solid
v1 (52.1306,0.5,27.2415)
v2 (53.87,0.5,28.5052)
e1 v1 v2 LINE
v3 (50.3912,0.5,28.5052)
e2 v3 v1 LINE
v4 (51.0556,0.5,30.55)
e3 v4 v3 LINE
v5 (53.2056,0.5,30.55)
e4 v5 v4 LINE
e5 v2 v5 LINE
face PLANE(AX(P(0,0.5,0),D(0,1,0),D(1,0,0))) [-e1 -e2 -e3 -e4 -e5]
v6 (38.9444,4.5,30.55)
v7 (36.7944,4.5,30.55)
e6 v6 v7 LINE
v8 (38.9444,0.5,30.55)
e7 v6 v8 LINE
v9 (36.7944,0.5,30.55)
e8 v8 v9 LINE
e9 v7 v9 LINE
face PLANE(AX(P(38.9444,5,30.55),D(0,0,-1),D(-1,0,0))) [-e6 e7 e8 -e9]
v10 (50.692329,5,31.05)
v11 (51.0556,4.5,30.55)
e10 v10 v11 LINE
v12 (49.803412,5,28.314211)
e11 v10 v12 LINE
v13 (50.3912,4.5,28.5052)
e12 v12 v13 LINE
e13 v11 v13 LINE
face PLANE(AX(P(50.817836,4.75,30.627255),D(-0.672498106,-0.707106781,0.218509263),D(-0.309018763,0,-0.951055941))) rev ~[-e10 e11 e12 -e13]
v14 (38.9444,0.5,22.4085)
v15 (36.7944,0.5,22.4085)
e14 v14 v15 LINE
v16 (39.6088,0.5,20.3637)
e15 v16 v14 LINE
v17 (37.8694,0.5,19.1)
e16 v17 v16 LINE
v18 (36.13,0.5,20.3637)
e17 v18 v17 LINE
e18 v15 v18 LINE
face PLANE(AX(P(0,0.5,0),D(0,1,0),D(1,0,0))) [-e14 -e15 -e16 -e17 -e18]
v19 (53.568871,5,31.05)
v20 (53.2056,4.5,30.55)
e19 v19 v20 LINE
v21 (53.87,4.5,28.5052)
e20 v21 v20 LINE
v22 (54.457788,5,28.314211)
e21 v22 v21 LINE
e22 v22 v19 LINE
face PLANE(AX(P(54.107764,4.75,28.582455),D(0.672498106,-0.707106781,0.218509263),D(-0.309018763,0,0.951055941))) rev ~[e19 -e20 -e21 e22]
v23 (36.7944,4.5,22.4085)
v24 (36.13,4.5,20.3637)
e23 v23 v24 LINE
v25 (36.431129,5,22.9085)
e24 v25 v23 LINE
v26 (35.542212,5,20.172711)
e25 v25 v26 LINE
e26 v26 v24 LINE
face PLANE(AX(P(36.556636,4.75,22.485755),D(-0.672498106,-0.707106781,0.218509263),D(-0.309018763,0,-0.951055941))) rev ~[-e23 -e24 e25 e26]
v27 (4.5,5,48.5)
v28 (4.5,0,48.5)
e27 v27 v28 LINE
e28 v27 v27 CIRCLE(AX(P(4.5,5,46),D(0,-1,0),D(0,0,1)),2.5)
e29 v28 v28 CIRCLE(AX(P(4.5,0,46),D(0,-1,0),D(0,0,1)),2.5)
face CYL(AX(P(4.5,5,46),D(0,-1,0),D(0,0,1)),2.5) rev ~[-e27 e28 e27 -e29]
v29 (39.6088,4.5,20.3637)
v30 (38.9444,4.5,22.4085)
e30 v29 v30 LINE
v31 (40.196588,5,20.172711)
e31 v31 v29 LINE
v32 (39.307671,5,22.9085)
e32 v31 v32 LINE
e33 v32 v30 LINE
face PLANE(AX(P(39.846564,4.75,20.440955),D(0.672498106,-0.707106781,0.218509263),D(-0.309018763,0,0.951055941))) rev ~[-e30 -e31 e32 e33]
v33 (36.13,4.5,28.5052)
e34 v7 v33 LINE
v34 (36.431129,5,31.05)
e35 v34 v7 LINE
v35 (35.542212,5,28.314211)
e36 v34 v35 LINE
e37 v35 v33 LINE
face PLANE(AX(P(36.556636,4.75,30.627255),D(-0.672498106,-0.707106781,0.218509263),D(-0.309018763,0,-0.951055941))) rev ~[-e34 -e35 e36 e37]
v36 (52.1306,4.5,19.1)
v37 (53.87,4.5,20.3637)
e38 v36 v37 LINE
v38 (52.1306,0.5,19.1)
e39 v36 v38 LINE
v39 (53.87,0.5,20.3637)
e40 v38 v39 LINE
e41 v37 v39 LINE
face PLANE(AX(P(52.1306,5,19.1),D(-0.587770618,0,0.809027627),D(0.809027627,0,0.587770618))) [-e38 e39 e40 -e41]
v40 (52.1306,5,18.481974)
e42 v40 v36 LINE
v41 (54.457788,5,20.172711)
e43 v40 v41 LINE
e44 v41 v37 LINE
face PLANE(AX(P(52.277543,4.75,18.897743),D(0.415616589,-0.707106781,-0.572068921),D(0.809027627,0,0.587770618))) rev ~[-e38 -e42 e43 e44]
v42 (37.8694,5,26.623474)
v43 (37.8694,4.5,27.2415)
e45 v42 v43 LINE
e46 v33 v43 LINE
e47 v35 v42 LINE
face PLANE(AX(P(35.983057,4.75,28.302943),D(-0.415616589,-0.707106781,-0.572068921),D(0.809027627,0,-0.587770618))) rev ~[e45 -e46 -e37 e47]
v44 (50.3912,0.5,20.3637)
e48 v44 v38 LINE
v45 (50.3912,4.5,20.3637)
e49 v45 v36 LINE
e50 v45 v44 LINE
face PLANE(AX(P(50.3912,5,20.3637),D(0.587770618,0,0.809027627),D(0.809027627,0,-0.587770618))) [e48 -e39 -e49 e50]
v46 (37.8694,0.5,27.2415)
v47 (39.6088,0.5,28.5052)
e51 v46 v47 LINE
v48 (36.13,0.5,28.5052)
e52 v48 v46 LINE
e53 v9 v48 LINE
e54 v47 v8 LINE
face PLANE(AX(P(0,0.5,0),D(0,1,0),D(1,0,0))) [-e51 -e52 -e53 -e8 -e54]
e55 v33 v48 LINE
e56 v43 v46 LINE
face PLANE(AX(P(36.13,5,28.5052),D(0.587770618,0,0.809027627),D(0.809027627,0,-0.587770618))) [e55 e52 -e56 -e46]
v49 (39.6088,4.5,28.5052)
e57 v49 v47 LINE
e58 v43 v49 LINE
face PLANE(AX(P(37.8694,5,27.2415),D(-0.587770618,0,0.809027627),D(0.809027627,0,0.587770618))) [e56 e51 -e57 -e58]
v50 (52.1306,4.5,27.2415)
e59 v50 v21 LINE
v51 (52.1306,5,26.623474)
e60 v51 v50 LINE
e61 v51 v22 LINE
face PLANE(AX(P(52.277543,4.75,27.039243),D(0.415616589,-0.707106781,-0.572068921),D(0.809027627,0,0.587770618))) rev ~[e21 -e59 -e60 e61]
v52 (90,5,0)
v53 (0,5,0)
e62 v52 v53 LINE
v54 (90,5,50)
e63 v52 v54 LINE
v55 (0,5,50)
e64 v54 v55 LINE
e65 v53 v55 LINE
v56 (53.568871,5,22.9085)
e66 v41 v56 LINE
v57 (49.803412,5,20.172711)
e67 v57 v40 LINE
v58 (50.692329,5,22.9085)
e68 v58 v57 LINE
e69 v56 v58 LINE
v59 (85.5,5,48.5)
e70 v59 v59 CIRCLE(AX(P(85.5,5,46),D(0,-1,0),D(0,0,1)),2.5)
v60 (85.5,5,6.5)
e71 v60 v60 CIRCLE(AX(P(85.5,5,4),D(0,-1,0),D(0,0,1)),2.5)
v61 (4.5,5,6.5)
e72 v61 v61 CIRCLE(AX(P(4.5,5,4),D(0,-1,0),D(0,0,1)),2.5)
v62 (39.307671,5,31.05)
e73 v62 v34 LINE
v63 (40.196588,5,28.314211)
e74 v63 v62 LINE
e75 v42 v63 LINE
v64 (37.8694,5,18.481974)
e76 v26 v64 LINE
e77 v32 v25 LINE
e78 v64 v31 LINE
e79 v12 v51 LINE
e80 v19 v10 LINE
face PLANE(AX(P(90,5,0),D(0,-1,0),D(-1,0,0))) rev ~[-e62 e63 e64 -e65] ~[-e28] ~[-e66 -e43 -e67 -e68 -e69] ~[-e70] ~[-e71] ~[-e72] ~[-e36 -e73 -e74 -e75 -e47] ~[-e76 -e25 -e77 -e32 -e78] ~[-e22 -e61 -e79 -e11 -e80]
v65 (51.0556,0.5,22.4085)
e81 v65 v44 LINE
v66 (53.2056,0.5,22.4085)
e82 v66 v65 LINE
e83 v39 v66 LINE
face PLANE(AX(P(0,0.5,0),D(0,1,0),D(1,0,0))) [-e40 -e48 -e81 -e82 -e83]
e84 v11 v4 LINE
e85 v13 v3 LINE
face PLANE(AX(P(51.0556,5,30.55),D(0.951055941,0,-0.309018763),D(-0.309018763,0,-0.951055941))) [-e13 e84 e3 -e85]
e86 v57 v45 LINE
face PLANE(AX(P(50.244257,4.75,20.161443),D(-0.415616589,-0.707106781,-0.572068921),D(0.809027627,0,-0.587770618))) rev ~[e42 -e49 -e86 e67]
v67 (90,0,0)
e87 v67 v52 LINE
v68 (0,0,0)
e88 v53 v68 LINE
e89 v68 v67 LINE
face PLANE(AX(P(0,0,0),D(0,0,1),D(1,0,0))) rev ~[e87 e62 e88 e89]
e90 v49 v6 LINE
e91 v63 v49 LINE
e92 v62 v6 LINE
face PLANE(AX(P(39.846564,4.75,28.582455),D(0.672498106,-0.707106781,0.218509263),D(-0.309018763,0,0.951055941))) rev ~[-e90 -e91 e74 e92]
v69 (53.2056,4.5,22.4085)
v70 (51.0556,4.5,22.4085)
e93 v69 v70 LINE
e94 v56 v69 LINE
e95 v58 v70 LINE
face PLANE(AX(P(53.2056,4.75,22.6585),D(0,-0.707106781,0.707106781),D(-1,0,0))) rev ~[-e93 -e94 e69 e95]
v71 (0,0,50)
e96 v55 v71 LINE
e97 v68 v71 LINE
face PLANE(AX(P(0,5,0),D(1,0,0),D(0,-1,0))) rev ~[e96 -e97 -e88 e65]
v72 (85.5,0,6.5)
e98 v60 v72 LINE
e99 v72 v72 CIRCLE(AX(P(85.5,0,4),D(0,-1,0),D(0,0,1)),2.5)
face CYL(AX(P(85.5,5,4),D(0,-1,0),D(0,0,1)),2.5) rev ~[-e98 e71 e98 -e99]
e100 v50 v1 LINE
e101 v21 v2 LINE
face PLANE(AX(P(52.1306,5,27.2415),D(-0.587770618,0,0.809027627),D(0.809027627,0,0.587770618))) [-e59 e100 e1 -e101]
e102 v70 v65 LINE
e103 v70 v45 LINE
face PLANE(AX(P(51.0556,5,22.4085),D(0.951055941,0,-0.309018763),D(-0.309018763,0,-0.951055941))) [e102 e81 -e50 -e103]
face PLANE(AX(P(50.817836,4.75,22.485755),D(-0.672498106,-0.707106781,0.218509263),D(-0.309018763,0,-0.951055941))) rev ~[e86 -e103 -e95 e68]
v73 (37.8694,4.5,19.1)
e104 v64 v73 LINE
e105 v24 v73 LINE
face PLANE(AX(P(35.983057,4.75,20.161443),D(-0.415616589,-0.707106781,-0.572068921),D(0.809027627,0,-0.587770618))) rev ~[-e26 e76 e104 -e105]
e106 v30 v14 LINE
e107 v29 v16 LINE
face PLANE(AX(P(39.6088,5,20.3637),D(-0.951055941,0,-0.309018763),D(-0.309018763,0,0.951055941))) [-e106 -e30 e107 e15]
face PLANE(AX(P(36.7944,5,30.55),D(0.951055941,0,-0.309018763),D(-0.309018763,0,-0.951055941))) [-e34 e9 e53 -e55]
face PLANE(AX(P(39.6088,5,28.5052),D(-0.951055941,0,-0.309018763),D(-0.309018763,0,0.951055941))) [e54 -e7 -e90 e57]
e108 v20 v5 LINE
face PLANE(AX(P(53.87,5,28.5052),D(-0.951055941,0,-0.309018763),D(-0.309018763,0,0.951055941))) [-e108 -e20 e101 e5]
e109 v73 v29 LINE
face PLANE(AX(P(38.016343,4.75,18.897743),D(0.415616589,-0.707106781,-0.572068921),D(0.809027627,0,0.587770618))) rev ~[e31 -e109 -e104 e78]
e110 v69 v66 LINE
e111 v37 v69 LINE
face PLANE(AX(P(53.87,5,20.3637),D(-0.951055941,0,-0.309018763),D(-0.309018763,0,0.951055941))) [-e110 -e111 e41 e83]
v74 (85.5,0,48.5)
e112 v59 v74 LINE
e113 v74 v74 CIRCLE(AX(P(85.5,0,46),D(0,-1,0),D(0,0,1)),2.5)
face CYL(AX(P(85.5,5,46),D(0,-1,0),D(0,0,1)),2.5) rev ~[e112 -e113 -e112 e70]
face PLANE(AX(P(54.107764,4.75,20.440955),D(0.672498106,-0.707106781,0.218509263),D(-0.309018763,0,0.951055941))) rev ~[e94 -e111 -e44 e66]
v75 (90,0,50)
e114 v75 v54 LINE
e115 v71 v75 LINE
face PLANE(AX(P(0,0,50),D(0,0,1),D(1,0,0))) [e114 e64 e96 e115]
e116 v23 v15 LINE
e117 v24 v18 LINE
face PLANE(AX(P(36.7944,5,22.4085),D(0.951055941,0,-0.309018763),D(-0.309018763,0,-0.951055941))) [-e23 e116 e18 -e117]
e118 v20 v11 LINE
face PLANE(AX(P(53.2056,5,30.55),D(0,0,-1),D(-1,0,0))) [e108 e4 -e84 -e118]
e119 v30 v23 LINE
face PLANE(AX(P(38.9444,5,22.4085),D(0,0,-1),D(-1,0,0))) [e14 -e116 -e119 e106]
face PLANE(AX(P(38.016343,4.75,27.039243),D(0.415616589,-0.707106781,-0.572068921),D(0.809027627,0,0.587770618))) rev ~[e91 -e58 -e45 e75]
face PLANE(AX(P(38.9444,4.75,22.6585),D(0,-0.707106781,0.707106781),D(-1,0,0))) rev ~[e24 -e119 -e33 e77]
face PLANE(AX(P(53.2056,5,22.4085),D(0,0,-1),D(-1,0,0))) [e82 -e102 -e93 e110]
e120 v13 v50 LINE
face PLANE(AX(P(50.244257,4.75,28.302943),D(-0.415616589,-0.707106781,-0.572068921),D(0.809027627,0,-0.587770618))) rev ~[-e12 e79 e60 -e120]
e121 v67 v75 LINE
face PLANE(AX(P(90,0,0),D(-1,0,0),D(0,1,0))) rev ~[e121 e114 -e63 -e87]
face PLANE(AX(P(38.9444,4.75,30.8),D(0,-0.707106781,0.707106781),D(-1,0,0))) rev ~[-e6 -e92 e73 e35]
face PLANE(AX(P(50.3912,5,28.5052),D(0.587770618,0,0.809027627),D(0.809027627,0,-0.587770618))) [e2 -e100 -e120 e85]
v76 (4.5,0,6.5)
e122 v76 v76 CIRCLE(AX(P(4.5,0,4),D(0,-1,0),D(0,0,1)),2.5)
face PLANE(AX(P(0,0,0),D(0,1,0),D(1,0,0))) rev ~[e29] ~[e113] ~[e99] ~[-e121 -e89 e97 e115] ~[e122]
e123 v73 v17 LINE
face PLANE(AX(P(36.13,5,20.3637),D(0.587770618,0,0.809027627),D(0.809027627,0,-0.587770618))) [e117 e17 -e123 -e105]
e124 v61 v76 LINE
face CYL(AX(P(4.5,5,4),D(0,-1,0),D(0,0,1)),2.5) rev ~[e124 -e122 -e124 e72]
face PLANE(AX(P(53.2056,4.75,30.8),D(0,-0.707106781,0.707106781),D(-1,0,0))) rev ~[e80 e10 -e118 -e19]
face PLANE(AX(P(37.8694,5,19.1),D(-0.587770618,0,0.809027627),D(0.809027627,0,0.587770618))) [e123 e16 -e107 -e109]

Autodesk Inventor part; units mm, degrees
ref_plane "YZ Plane" through (0, 0, 0) normal (1, 0, 0) x (0, 1, 0)
ref_plane "XZ Plane" through (0, 0, 0) normal (0, 1, 0) x (-1, 0, 0)
ref_plane "XY Plane" through (0, 0, 0) normal (0, 0, 1) x (1, 0, 0)
sketch "Sketch1" plane through (0, 0, 0) normal (0, 0, 1) x (1, 0, 0)
  line L0 (0, 0) -> (90, 0)
  line L1 (90, 0) -> (90, 5)
  line L2 (90, 5) -> (0, 5)
  line L3 (0, 5) -> (0, 0)
  dimension "d0" = 90
  dimension "d1" = 5
extrude "Extrusion1" add sketch "Sketch1" along normal blind 50
sketch "Sketch2" plane through (0, 5, 0) normal (0, 1, 0) x (1, 0, 0)
  line L0 (90, 0) -> (0, 0) projected
  line L1 (0, 0) -> (0, -50) projected
  line L2 (90, -50) -> (0, -50) projected
  line L3 (90, 0) -> (90, -50) projected
  line L4 (35, -18) -> (55, -18)
  line L5 (55, -18) -> (55, -32)
  line L6 (55, -32) -> (35, -32)
  line L7 (35, -32) -> (35, -18)
  line L8 (53.87, -28.5052) -> (53.2056, -30.55)
  line L9 (53.2056, -30.55) -> (51.0556, -30.55)
  line L10 (51.0556, -30.55) -> (50.3912, -28.5052)
  line L11 (50.3912, -28.5052) -> (52.1306, -27.2415)
  line L12 (52.1306, -27.2415) -> (53.87, -28.5052)
  line L13 (37.8694, -27.2415) -> (39.6088, -28.5052)
  line L14 (39.6088, -28.5052) -> (38.9444, -30.55)
  line L15 (38.9444, -30.55) -> (36.7944, -30.55)
  line L16 (36.7944, -30.55) -> (36.13, -28.5052)
  line L17 (36.13, -28.5052) -> (37.8694, -27.2415)
  line L18 (37.8694, -19.1) -> (39.6088, -20.3637)
  line L19 (39.6088, -20.3637) -> (38.9444, -22.4085)
  line L20 (38.9444, -22.4085) -> (36.7944, -22.4085)
  line L21 (36.7944, -22.4085) -> (36.13, -20.3637)
  line L22 (36.13, -20.3637) -> (37.8694, -19.1)
  line L23 (52.1306, -19.1) -> (53.87, -20.3637)
  line L24 (53.87, -20.3637) -> (53.2056, -22.4085)
  line L25 (53.2056, -22.4085) -> (51.0556, -22.4085)
  line L26 (51.0556, -22.4085) -> (50.3912, -20.3637)
  line L27 (50.3912, -20.3637) -> (52.1306, -19.1)
  point P0 (52.1306, -29.0704)
  point P1 (37.8694, -29.0704)
  point P2 (37.8694, -20.9289)
  point P3 (52.1306, -20.9289)
  point P4 (52.1306, -22.4085)
  dimension "d4" = 20
  dimension "d5" = 14
  dimension "d6" = 18
  dimension "d7" = 18
  dimension "d8" = 35
  dimension "d9" = 35
  dimension "d11" = 1.13
  dimension "d12" = 1.45
  dimension "d13" = 1.45
  dimension "d15" = 1.13
  dimension "d16" = 1.13
  dimension "d17" = 1.1
  dimension "d18" = 1.1
  dimension "d19" = 1.13
  dimension "d28" = 2.15
  dimension "d29" = 2.15
  dimension "d30" = 4.833
  dimension "d31" = 2.15
  dimension "d32" = 2.15
  dimension "d33" = 4.833
extrude "Extrusion2" cut sketch "Sketch2" against normal blind 4.5 contours L8 L9 L10 L11 L12 | L13 L14 L15 L16 L17 | L18 L19 L20 L21 L22 | L23 L24 L25 L26 L27
chamfer "Chamfer1" distance 0.5 angle 45 20 edges at (36.9997, 5, 27.8734) (36.4622, 5, 29.5276) (37.8694, 5, 30.55) (39.2766, 5, 29.5276) (38.7391, 5, 27.8734) (36.9997, 5, 19.7319) (36.4622, 5, 21.3861) (37.8694, 5, 22.4085) (39.2766, 5, 21.3861) (38.7391, 5, 19.7319) (50.7234, 5, 29.5276) (51.2609, 5, 27.8734) (53.0003, 5, 27.8734) (53.5378, 5, 29.5276) (52.1306, 5, 30.55) (52.1306, 5, 22.4085) (50.7234, 5, 21.3861) (51.2609, 5, 19.7319) (53.5378, 5, 21.3861) (53.0003, 5, 19.7319)
sketch "Sketch3" plane through (0, 5, 0) normal (0, 1, 0) x (1, 0, 0)
  line L0 (90, 0) -> (0, 0) projected
  line L1 (90, -50) -> (0, -50) projected
  line L2 (90, 0) -> (90, -50) projected
  line L3 (0, 0) -> (0, -50) projected
  point P0 (4.5, -46)
  point P1 (4.5, -4)
  point P2 (85.5, -46)
  point P3 (85.5, -4)
  dimension "d46" = 4.5
  dimension "d47" = 4.5
  dimension "d48" = 4
  dimension "d49" = 4
  dimension "d57" = 4.5
  dimension "d58" = 4.5
  dimension "d59" = 4
  dimension "d60" = 4
hole "Hole2" at (4.5, 5, 46) at (4.5, 5, 4) at (85.5, 5, 4) at (85.5, 5, 46) direction (0, -1, 0) diameter 5 end through all
properties part number "Hoofdplaat onderkant"
